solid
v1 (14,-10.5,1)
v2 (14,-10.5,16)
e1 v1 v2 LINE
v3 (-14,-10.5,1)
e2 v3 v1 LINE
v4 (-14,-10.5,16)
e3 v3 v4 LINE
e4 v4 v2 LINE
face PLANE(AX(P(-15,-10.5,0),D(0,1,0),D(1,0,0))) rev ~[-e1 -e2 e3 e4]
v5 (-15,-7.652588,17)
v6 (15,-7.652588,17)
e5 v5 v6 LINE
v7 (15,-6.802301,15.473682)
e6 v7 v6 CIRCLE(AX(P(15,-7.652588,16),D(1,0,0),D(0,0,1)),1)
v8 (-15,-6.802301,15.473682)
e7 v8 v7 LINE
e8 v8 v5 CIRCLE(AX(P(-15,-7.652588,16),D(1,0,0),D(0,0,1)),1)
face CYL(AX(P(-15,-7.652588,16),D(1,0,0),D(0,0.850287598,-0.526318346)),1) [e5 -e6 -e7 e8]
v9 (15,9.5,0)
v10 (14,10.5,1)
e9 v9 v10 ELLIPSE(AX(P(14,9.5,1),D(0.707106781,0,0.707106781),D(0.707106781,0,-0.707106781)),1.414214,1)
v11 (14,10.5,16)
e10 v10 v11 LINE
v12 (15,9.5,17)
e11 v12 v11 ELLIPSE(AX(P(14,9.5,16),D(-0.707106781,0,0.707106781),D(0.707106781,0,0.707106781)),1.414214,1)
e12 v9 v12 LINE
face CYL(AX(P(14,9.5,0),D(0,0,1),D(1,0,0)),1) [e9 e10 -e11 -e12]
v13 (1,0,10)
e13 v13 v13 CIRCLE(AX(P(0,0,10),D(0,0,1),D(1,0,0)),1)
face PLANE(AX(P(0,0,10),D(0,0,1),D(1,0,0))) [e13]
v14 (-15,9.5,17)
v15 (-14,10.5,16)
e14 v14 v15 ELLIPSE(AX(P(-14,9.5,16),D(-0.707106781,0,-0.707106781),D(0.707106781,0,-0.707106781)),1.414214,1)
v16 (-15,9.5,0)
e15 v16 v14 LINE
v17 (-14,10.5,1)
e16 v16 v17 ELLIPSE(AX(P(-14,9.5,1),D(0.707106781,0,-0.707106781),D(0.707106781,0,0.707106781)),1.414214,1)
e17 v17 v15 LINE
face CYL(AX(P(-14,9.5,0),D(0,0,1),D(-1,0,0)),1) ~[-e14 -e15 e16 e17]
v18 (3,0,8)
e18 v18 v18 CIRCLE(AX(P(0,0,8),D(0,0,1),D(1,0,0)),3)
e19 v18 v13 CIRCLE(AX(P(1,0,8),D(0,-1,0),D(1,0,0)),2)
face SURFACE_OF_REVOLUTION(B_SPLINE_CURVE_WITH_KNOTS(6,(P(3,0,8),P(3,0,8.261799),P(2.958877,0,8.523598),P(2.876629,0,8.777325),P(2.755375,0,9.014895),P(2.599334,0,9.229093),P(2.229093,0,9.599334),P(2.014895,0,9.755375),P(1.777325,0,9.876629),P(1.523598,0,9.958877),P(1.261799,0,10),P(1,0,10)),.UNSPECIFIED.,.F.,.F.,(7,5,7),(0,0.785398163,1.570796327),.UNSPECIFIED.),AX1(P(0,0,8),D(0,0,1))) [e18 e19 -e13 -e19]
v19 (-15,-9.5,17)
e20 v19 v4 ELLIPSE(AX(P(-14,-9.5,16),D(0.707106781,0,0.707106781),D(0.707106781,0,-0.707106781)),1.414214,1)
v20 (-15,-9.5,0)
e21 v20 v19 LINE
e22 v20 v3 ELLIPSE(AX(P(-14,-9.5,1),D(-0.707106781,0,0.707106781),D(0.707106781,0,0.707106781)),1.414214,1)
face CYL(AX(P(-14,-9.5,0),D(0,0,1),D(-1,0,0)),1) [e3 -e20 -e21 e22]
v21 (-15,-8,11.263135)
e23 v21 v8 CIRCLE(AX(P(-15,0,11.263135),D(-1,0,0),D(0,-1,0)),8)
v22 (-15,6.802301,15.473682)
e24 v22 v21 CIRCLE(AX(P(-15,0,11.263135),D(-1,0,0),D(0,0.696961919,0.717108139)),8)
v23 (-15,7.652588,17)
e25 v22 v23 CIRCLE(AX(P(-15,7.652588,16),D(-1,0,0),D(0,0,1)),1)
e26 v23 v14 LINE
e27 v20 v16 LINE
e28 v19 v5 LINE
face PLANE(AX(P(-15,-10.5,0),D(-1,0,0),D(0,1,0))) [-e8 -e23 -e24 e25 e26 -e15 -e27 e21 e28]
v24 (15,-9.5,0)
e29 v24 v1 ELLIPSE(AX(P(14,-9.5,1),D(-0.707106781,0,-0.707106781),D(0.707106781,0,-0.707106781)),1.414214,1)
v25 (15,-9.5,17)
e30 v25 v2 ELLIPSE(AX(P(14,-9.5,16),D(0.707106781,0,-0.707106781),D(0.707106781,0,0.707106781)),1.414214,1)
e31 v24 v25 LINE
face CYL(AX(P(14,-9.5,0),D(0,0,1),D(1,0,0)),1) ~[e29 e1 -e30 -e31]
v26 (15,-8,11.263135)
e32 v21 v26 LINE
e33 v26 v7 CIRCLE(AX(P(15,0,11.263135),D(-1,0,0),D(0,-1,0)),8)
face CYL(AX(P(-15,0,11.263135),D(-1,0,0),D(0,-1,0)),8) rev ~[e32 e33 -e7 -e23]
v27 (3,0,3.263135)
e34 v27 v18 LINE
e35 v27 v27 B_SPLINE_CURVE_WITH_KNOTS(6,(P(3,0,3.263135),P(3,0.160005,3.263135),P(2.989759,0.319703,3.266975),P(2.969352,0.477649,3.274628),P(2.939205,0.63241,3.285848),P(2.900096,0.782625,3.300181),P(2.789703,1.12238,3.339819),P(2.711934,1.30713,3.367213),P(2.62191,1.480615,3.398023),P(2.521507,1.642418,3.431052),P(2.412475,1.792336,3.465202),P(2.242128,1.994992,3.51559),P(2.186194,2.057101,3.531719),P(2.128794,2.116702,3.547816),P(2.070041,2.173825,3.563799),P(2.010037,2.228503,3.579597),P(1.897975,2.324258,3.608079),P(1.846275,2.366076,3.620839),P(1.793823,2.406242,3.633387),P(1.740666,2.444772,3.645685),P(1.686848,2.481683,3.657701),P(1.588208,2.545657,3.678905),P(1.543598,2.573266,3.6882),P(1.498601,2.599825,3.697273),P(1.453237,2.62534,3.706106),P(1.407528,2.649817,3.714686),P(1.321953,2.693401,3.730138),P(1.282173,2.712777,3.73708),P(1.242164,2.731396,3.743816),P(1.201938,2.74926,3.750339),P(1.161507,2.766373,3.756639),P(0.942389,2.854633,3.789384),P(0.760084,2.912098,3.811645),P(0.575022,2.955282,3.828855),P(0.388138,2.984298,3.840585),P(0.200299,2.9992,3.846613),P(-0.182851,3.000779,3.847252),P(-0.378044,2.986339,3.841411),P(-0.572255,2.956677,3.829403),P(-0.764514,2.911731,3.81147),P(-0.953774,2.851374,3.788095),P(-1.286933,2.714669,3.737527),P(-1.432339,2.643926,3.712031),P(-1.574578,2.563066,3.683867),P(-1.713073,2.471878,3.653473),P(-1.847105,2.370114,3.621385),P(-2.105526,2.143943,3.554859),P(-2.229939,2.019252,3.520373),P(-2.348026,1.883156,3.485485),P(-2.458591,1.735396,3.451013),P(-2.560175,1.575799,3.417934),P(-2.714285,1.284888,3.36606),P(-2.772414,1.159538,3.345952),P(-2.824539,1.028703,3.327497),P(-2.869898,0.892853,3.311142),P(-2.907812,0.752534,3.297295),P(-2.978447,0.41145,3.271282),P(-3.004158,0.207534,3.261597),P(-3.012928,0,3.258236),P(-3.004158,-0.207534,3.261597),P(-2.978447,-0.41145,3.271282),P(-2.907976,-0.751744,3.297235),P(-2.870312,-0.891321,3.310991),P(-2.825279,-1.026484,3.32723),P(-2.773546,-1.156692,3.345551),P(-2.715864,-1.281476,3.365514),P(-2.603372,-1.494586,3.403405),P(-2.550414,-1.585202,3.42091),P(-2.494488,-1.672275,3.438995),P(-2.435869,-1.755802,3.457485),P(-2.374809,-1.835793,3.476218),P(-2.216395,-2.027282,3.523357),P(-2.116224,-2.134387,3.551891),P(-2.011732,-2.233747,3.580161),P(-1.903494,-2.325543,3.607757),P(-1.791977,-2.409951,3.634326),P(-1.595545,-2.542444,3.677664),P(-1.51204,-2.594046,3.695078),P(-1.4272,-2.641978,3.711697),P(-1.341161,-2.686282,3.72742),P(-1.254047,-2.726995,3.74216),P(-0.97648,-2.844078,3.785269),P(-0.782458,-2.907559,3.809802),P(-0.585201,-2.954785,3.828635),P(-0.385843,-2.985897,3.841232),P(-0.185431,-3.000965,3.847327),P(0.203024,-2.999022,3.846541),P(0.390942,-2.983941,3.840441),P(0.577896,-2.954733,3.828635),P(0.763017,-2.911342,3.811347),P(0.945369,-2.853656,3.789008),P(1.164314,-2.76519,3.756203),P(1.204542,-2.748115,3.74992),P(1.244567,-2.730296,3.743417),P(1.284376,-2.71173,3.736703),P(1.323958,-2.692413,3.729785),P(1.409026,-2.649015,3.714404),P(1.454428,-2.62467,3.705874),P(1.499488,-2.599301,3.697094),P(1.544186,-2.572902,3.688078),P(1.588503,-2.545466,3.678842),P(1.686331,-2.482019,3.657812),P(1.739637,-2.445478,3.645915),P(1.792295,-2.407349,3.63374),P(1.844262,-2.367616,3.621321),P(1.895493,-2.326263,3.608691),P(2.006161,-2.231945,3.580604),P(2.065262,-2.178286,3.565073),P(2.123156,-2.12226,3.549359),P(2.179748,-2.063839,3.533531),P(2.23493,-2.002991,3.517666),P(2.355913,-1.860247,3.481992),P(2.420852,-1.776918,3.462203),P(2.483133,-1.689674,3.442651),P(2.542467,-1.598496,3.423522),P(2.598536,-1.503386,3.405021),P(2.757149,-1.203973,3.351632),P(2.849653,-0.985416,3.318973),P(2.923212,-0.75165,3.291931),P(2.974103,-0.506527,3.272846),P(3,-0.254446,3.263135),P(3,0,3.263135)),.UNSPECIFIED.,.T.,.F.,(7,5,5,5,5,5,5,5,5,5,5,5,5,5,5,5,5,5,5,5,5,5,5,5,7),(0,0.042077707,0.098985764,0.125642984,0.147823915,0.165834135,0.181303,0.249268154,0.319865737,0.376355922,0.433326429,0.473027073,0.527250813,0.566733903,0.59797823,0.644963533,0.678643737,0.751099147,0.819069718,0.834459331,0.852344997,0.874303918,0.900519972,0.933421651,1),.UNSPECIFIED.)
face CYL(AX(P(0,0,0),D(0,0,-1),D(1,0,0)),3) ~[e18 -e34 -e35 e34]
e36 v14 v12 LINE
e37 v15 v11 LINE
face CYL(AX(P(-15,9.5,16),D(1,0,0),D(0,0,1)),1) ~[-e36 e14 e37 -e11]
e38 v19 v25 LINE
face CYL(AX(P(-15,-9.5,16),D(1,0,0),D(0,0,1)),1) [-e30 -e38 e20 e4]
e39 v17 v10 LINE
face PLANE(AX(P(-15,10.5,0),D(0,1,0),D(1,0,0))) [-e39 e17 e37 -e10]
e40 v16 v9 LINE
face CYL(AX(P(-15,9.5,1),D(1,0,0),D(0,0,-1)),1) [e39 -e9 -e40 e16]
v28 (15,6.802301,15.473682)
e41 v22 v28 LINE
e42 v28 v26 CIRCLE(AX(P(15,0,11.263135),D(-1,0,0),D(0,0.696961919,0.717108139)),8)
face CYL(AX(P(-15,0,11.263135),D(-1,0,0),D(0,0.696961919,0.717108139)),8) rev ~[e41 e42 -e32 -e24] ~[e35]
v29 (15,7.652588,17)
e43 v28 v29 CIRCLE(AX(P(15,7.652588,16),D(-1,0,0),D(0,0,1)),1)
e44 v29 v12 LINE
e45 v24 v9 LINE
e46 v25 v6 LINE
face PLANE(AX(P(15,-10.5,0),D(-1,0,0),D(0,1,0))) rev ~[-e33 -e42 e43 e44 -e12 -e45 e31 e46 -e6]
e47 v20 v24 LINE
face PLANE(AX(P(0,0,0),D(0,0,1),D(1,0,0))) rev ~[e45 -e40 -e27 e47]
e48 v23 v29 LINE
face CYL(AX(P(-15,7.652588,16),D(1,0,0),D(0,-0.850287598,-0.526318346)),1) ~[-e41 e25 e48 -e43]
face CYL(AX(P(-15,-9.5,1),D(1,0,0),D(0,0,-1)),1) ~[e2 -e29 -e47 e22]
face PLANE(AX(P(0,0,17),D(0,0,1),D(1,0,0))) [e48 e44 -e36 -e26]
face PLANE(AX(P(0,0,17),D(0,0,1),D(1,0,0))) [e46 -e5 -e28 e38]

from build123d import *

# Parameters (mm, degrees)
F0_W     = 30
F0_H     = 21
F0_R     = 3
F1_DEPTH = 17
F3_DEPTH = 35
F4_DEPTH = 10
F5_R     = 1
F6_R     = 2


with BuildPart() as f1:
    # F0 (on Top) → F1 (new body)
    with BuildSketch(Plane.XY):
        Rectangle(F0_W, F0_H)
        Circle(F0_R, mode=Mode.SUBTRACT)
    extrude(amount=F1_DEPTH)

    # F2 (on face) → F3 (cut)
    with BuildSketch(Plane(origin=(-15, 0, 0), x_dir=(0, -1, 0), z_dir=(-1, 0, 0))):
        with BuildLine():
            ThreePointArc((-5.5756953559, 17), (-3.1140357378, 3.8940927926), (8, 11.2631348893))
            ThreePointArc((8, 11.2631348893), (7.3690420967, 14.3771706271), (5.5756953559, 17))
            Line((5.5756953559, 17), (-5.5756953559, 17))
        make_face()
    extrude(amount=-F3_DEPTH, mode=Mode.SUBTRACT)

    # F0 (on Top) → F4 (join)
    with BuildSketch(Plane.XY):
        Circle(F0_R)
    extrude(amount=F4_DEPTH)

    # F5
    f5_edges = [f1.edges().sort_by_distance(p)[0] for p in [
        (0, -10.5, 17),
        (0, 10.5, 17),
        (0, 5.575695, 17),
        (0, -5.575695, 17),
        (0, -10.5, 0),
        (0, 10.5, 0),
        (-15, 10.5, 8.5),
        (15, 10.5, 8.5),
        (15, -10.5, 8.5),
        (-15, -10.5, 8.5),
    ]]
    fillet(f5_edges, radius=F5_R)

    # F6
    f6_edges = [f1.edges().sort_by_distance(p)[0] for p in [
        (-3, 0, 10),
    ]]
    fillet(f6_edges, radius=F6_R)


solid = f1.part
